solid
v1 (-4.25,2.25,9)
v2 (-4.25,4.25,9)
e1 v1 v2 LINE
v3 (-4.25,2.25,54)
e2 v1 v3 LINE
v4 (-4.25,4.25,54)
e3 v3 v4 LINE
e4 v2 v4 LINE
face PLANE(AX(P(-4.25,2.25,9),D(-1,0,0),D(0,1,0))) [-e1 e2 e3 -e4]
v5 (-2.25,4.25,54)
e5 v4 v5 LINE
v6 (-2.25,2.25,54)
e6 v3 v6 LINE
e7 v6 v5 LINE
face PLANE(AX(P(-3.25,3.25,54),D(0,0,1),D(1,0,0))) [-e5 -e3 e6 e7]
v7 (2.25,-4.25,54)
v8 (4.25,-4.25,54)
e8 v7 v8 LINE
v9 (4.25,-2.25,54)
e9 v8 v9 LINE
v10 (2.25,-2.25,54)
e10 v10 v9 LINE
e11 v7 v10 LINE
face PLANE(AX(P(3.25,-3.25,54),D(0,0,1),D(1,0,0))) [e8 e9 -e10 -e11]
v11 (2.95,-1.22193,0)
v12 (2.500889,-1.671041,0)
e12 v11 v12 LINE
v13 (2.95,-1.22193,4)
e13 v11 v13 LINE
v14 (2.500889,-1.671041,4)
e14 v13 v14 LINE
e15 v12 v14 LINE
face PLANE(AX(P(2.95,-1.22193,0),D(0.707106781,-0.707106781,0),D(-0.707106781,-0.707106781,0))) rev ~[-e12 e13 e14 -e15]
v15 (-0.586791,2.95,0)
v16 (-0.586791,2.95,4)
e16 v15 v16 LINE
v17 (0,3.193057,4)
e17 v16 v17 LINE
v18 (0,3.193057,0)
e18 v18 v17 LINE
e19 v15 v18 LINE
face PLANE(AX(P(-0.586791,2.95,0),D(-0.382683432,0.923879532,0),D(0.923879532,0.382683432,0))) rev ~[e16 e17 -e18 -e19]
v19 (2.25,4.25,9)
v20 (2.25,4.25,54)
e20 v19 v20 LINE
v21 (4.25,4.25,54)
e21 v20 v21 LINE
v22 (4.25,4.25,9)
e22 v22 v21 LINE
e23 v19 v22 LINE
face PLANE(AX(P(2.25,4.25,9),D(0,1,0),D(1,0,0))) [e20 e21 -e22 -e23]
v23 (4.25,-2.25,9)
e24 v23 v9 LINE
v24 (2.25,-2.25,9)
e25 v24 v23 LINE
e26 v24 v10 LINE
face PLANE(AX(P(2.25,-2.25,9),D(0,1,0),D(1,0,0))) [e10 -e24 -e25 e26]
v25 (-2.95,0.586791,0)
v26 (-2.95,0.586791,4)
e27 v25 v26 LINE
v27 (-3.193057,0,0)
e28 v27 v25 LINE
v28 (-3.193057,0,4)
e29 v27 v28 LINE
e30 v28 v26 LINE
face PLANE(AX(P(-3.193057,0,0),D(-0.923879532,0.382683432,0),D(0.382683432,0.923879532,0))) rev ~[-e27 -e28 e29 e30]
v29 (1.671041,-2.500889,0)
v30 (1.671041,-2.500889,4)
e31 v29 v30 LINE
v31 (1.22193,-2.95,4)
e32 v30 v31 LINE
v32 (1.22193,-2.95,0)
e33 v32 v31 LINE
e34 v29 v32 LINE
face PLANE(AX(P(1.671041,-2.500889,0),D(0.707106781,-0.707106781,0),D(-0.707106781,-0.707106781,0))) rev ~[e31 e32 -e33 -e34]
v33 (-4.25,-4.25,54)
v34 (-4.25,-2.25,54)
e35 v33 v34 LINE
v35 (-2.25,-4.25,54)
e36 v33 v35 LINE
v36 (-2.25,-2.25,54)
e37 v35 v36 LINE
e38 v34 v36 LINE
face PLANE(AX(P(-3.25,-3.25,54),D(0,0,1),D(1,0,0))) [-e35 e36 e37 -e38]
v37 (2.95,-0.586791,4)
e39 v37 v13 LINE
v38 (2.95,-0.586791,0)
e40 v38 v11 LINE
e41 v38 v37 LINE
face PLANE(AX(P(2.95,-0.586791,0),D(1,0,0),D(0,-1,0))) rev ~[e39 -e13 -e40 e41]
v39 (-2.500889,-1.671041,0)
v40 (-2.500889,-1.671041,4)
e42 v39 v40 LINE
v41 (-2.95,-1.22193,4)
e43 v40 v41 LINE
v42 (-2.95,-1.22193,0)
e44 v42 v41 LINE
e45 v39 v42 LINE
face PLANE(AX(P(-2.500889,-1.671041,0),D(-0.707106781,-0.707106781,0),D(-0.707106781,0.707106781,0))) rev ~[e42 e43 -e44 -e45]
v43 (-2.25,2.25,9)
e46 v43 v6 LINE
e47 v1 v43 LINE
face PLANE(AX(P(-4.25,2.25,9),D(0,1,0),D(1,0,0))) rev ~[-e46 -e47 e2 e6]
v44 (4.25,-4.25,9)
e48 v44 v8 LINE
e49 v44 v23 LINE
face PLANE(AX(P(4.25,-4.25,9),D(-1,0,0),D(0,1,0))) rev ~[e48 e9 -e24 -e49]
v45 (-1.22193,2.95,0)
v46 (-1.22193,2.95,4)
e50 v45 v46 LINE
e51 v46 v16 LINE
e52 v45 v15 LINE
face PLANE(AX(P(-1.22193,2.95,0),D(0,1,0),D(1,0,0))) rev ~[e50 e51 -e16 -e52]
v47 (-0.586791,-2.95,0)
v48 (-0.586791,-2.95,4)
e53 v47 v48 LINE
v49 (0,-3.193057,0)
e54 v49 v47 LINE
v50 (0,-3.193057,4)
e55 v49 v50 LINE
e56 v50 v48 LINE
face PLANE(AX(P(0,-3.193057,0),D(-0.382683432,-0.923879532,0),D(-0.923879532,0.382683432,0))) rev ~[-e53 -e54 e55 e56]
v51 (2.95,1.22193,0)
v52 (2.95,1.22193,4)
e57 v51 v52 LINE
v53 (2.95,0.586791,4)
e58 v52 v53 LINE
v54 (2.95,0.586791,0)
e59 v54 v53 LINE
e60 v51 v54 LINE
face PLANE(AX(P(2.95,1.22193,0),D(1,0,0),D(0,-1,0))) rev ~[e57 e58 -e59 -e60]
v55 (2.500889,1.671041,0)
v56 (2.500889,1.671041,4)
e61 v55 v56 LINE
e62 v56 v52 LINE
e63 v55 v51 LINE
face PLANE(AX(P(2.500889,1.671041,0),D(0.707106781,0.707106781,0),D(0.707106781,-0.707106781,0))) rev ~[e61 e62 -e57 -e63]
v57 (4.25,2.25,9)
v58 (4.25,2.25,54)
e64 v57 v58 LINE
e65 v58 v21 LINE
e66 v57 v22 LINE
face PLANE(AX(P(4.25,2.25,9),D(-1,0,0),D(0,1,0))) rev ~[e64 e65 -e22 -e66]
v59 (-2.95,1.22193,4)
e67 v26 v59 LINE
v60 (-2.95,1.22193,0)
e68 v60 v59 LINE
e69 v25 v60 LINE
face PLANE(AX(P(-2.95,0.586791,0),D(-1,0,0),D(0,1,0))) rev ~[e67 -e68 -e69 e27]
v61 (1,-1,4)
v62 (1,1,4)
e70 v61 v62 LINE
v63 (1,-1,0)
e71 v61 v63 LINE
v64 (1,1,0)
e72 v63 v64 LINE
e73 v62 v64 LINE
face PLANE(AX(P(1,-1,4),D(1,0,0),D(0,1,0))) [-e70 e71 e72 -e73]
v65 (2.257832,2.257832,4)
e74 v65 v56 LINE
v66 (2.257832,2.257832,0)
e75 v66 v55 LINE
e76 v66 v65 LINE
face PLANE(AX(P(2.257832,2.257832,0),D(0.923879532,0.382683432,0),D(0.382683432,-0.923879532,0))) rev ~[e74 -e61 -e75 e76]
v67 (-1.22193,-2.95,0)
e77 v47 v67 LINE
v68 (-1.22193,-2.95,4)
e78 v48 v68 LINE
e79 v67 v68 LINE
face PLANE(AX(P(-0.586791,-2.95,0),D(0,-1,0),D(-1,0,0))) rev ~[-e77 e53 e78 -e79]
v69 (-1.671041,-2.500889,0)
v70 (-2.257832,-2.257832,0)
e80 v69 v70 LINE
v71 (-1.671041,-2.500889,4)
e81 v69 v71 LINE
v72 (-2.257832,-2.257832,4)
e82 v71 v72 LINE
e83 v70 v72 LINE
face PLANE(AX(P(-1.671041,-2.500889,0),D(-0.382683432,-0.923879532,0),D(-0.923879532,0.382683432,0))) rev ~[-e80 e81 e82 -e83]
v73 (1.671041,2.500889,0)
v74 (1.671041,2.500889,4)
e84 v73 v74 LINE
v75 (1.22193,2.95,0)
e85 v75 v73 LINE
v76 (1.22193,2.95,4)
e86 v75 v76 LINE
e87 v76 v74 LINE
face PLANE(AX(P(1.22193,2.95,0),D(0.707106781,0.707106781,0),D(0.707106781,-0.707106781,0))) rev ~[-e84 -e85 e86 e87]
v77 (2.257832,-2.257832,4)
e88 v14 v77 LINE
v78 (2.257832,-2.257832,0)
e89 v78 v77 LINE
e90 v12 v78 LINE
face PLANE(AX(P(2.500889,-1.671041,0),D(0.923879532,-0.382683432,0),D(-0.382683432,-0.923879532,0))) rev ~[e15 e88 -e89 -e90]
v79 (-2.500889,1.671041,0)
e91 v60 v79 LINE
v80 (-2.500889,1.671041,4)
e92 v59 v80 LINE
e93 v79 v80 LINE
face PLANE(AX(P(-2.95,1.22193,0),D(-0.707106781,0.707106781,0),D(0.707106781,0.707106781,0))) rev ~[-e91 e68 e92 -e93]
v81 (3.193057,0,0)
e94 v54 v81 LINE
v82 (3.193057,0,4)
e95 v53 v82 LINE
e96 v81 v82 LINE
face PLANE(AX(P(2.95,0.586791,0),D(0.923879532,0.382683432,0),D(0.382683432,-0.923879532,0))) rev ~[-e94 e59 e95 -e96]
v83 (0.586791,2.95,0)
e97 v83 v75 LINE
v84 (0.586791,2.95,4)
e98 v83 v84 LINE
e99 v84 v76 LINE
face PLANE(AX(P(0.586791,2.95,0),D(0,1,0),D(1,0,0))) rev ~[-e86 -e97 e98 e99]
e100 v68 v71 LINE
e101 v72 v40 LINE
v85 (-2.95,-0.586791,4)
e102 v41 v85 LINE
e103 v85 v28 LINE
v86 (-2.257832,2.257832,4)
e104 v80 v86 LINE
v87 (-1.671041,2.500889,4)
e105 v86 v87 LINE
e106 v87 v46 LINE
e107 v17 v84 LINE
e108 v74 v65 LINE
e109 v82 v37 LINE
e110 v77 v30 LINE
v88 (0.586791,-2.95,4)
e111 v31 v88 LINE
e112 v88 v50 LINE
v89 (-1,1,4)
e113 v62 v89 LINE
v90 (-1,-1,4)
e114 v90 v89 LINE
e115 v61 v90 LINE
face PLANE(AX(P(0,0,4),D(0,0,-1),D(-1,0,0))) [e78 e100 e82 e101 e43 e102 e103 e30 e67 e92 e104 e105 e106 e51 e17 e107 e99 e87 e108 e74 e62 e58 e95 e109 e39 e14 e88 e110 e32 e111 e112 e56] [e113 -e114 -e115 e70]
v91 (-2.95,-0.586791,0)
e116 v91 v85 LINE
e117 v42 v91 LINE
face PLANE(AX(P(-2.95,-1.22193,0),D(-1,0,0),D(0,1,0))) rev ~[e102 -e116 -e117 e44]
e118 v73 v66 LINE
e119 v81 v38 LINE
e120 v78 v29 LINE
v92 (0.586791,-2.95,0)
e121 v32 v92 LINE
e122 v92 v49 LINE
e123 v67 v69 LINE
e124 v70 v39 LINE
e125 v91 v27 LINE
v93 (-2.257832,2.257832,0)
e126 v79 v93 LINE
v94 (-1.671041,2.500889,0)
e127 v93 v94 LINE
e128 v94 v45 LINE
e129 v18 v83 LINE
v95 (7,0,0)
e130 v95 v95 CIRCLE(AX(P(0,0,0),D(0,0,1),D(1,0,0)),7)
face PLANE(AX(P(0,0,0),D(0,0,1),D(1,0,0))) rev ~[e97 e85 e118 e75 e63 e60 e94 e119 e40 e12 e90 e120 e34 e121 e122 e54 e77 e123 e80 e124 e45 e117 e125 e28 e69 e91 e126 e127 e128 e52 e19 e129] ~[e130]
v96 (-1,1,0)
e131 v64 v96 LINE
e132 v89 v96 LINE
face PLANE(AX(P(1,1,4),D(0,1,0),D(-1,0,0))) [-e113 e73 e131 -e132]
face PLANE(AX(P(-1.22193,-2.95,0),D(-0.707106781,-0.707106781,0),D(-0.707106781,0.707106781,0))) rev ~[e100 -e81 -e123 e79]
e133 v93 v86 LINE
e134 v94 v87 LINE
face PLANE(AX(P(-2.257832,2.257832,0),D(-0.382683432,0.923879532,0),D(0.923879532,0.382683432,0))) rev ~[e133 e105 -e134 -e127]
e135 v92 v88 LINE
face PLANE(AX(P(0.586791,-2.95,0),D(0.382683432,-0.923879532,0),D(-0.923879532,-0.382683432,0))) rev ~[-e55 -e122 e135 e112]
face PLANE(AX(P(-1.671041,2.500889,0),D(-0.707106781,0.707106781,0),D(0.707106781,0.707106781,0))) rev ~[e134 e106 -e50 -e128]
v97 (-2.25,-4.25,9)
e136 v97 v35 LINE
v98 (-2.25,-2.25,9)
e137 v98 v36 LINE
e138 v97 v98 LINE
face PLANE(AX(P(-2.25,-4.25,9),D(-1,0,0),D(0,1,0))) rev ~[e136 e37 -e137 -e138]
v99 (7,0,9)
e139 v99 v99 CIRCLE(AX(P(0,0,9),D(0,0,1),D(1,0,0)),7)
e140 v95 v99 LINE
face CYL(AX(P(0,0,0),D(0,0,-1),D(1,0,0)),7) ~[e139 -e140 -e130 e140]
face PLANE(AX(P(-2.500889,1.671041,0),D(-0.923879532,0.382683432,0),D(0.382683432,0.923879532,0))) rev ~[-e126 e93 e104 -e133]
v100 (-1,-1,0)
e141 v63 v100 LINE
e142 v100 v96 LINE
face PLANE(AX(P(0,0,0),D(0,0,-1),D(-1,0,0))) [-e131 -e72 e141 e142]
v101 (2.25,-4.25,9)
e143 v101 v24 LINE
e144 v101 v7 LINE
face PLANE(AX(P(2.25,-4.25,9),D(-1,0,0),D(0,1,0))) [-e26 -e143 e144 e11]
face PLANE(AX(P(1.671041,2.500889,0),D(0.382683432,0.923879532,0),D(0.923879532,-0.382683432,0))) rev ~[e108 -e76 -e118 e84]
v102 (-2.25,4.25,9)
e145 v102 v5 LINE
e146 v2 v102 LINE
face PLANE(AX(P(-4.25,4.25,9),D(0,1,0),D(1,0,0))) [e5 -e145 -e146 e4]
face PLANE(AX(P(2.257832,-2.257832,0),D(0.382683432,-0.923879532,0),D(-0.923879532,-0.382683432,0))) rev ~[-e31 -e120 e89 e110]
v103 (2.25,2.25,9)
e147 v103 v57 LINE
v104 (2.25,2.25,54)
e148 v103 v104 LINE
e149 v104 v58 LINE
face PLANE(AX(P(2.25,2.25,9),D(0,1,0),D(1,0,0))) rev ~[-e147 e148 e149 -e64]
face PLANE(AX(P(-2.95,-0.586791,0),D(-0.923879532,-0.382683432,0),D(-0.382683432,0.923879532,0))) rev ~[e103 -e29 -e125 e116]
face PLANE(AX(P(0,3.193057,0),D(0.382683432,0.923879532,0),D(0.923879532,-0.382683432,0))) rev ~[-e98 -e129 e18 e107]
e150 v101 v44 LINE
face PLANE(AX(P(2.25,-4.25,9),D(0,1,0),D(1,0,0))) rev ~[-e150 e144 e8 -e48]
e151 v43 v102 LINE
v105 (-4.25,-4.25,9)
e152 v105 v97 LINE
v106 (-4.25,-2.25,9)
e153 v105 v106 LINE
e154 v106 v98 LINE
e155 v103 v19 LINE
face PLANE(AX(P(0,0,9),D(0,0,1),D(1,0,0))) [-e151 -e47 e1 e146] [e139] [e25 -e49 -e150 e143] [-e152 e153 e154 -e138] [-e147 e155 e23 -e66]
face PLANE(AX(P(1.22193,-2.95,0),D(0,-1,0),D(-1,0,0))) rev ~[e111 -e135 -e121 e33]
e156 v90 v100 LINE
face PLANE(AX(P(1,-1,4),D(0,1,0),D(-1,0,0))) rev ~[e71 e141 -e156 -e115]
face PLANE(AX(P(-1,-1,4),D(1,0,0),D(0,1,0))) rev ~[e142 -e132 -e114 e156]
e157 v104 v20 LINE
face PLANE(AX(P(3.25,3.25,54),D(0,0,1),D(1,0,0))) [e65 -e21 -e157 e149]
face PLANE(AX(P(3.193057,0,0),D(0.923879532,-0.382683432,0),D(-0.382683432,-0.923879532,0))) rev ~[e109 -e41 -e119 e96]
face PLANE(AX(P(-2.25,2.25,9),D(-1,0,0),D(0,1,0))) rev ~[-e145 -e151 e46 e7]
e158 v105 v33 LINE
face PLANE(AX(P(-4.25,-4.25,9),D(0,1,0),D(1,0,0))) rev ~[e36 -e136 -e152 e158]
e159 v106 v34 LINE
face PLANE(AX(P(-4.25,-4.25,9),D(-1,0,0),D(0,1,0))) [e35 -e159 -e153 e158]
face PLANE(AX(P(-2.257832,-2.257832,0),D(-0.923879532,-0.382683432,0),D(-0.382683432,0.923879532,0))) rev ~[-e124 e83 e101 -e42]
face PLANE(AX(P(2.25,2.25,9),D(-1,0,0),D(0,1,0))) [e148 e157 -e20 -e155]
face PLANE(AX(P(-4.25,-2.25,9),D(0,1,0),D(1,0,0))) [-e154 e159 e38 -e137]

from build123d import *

# Parameters (mm, degrees)
SKETCH_1_R          = 7
EXTRUDE_1_DEPTH     = 9
SKETCH_2_W          = 2
SKETCH_2_H          = 2
EXTRUDE_2_DEPTH     = 45
CUT_EXTRUDE_1_DEPTH = 4
SKETCH_5_W          = 2
SKETCH_5_H          = 2
EXTRUDE_3_DEPTH     = 4


with BuildPart() as part:
    # 草图1 → 凸台-拉伸1 (new body)
    with BuildSketch(Plane.XY):
        Circle(SKETCH_1_R)
    extrude(amount=EXTRUDE_1_DEPTH)

    # 草图2 → 凸台-拉伸2 (add)
    with BuildSketch(Plane.XY.offset(9)):
        with Locations((3.25, 3.25)):
            Rectangle(SKETCH_2_W, SKETCH_2_H)
        with Locations((-3.25, 3.25)):
            Rectangle(SKETCH_2_W, SKETCH_2_H)
        with Locations((3.25, -3.25)):
            Rectangle(SKETCH_2_W, SKETCH_2_H)
        with Locations((-3.25, -3.25)):
            Rectangle(SKETCH_2_W, SKETCH_2_H)
    extrude(amount=EXTRUDE_2_DEPTH)

    # 草图4 → 切除-拉伸1 (cut)
    with BuildSketch(Plane(origin=(0, 0, 0), x_dir=(-1, 0, 0), z_dir=(0, 0, -1))):
        Polygon((-2.500889242, 1.671040767), (-2.95, 1.221930009), (-2.95, 0.586791484), (-3.193056991, 0), (-2.95, -0.586791484), (-2.95, -1.221930009), (-2.500889242, -1.671040767), (-2.257832251, -2.257832251), (-1.671040767, -2.500889242), (-1.221930009, -2.95), (-0.586791484, -2.95), (0, -3.193056991), (0.586791484, -2.95), (1.221930009, -2.95), (1.671040767, -2.500889242), (2.257832251, -2.257832251), (2.500889242, -1.671040767), (2.95, -1.221930009), (2.95, -0.586791484), (3.193056991, 0), (2.95, 0.586791484), (2.95, 1.221930009), (2.500889242, 1.671040767), (2.257832251, 2.257832251), (1.671040767, 2.500889242), (1.221930009, 2.95), (0.586791484, 2.95), (0, 3.193056991), (-0.586791484, 2.95), (-1.221930009, 2.95), (-1.671040767, 2.500889242), (-2.257832251, 2.257832251), align=None)
    extrude(amount=-CUT_EXTRUDE_1_DEPTH, mode=Mode.SUBTRACT)

    # 草图5 → 凸台-拉伸3 (add)
    with BuildSketch(Plane(origin=(0, 0, 4), x_dir=(-1, 0, 0), z_dir=(0, 0, -1))):
        Rectangle(SKETCH_5_W, SKETCH_5_H)
    extrude(amount=EXTRUDE_3_DEPTH)


solid = part.part
